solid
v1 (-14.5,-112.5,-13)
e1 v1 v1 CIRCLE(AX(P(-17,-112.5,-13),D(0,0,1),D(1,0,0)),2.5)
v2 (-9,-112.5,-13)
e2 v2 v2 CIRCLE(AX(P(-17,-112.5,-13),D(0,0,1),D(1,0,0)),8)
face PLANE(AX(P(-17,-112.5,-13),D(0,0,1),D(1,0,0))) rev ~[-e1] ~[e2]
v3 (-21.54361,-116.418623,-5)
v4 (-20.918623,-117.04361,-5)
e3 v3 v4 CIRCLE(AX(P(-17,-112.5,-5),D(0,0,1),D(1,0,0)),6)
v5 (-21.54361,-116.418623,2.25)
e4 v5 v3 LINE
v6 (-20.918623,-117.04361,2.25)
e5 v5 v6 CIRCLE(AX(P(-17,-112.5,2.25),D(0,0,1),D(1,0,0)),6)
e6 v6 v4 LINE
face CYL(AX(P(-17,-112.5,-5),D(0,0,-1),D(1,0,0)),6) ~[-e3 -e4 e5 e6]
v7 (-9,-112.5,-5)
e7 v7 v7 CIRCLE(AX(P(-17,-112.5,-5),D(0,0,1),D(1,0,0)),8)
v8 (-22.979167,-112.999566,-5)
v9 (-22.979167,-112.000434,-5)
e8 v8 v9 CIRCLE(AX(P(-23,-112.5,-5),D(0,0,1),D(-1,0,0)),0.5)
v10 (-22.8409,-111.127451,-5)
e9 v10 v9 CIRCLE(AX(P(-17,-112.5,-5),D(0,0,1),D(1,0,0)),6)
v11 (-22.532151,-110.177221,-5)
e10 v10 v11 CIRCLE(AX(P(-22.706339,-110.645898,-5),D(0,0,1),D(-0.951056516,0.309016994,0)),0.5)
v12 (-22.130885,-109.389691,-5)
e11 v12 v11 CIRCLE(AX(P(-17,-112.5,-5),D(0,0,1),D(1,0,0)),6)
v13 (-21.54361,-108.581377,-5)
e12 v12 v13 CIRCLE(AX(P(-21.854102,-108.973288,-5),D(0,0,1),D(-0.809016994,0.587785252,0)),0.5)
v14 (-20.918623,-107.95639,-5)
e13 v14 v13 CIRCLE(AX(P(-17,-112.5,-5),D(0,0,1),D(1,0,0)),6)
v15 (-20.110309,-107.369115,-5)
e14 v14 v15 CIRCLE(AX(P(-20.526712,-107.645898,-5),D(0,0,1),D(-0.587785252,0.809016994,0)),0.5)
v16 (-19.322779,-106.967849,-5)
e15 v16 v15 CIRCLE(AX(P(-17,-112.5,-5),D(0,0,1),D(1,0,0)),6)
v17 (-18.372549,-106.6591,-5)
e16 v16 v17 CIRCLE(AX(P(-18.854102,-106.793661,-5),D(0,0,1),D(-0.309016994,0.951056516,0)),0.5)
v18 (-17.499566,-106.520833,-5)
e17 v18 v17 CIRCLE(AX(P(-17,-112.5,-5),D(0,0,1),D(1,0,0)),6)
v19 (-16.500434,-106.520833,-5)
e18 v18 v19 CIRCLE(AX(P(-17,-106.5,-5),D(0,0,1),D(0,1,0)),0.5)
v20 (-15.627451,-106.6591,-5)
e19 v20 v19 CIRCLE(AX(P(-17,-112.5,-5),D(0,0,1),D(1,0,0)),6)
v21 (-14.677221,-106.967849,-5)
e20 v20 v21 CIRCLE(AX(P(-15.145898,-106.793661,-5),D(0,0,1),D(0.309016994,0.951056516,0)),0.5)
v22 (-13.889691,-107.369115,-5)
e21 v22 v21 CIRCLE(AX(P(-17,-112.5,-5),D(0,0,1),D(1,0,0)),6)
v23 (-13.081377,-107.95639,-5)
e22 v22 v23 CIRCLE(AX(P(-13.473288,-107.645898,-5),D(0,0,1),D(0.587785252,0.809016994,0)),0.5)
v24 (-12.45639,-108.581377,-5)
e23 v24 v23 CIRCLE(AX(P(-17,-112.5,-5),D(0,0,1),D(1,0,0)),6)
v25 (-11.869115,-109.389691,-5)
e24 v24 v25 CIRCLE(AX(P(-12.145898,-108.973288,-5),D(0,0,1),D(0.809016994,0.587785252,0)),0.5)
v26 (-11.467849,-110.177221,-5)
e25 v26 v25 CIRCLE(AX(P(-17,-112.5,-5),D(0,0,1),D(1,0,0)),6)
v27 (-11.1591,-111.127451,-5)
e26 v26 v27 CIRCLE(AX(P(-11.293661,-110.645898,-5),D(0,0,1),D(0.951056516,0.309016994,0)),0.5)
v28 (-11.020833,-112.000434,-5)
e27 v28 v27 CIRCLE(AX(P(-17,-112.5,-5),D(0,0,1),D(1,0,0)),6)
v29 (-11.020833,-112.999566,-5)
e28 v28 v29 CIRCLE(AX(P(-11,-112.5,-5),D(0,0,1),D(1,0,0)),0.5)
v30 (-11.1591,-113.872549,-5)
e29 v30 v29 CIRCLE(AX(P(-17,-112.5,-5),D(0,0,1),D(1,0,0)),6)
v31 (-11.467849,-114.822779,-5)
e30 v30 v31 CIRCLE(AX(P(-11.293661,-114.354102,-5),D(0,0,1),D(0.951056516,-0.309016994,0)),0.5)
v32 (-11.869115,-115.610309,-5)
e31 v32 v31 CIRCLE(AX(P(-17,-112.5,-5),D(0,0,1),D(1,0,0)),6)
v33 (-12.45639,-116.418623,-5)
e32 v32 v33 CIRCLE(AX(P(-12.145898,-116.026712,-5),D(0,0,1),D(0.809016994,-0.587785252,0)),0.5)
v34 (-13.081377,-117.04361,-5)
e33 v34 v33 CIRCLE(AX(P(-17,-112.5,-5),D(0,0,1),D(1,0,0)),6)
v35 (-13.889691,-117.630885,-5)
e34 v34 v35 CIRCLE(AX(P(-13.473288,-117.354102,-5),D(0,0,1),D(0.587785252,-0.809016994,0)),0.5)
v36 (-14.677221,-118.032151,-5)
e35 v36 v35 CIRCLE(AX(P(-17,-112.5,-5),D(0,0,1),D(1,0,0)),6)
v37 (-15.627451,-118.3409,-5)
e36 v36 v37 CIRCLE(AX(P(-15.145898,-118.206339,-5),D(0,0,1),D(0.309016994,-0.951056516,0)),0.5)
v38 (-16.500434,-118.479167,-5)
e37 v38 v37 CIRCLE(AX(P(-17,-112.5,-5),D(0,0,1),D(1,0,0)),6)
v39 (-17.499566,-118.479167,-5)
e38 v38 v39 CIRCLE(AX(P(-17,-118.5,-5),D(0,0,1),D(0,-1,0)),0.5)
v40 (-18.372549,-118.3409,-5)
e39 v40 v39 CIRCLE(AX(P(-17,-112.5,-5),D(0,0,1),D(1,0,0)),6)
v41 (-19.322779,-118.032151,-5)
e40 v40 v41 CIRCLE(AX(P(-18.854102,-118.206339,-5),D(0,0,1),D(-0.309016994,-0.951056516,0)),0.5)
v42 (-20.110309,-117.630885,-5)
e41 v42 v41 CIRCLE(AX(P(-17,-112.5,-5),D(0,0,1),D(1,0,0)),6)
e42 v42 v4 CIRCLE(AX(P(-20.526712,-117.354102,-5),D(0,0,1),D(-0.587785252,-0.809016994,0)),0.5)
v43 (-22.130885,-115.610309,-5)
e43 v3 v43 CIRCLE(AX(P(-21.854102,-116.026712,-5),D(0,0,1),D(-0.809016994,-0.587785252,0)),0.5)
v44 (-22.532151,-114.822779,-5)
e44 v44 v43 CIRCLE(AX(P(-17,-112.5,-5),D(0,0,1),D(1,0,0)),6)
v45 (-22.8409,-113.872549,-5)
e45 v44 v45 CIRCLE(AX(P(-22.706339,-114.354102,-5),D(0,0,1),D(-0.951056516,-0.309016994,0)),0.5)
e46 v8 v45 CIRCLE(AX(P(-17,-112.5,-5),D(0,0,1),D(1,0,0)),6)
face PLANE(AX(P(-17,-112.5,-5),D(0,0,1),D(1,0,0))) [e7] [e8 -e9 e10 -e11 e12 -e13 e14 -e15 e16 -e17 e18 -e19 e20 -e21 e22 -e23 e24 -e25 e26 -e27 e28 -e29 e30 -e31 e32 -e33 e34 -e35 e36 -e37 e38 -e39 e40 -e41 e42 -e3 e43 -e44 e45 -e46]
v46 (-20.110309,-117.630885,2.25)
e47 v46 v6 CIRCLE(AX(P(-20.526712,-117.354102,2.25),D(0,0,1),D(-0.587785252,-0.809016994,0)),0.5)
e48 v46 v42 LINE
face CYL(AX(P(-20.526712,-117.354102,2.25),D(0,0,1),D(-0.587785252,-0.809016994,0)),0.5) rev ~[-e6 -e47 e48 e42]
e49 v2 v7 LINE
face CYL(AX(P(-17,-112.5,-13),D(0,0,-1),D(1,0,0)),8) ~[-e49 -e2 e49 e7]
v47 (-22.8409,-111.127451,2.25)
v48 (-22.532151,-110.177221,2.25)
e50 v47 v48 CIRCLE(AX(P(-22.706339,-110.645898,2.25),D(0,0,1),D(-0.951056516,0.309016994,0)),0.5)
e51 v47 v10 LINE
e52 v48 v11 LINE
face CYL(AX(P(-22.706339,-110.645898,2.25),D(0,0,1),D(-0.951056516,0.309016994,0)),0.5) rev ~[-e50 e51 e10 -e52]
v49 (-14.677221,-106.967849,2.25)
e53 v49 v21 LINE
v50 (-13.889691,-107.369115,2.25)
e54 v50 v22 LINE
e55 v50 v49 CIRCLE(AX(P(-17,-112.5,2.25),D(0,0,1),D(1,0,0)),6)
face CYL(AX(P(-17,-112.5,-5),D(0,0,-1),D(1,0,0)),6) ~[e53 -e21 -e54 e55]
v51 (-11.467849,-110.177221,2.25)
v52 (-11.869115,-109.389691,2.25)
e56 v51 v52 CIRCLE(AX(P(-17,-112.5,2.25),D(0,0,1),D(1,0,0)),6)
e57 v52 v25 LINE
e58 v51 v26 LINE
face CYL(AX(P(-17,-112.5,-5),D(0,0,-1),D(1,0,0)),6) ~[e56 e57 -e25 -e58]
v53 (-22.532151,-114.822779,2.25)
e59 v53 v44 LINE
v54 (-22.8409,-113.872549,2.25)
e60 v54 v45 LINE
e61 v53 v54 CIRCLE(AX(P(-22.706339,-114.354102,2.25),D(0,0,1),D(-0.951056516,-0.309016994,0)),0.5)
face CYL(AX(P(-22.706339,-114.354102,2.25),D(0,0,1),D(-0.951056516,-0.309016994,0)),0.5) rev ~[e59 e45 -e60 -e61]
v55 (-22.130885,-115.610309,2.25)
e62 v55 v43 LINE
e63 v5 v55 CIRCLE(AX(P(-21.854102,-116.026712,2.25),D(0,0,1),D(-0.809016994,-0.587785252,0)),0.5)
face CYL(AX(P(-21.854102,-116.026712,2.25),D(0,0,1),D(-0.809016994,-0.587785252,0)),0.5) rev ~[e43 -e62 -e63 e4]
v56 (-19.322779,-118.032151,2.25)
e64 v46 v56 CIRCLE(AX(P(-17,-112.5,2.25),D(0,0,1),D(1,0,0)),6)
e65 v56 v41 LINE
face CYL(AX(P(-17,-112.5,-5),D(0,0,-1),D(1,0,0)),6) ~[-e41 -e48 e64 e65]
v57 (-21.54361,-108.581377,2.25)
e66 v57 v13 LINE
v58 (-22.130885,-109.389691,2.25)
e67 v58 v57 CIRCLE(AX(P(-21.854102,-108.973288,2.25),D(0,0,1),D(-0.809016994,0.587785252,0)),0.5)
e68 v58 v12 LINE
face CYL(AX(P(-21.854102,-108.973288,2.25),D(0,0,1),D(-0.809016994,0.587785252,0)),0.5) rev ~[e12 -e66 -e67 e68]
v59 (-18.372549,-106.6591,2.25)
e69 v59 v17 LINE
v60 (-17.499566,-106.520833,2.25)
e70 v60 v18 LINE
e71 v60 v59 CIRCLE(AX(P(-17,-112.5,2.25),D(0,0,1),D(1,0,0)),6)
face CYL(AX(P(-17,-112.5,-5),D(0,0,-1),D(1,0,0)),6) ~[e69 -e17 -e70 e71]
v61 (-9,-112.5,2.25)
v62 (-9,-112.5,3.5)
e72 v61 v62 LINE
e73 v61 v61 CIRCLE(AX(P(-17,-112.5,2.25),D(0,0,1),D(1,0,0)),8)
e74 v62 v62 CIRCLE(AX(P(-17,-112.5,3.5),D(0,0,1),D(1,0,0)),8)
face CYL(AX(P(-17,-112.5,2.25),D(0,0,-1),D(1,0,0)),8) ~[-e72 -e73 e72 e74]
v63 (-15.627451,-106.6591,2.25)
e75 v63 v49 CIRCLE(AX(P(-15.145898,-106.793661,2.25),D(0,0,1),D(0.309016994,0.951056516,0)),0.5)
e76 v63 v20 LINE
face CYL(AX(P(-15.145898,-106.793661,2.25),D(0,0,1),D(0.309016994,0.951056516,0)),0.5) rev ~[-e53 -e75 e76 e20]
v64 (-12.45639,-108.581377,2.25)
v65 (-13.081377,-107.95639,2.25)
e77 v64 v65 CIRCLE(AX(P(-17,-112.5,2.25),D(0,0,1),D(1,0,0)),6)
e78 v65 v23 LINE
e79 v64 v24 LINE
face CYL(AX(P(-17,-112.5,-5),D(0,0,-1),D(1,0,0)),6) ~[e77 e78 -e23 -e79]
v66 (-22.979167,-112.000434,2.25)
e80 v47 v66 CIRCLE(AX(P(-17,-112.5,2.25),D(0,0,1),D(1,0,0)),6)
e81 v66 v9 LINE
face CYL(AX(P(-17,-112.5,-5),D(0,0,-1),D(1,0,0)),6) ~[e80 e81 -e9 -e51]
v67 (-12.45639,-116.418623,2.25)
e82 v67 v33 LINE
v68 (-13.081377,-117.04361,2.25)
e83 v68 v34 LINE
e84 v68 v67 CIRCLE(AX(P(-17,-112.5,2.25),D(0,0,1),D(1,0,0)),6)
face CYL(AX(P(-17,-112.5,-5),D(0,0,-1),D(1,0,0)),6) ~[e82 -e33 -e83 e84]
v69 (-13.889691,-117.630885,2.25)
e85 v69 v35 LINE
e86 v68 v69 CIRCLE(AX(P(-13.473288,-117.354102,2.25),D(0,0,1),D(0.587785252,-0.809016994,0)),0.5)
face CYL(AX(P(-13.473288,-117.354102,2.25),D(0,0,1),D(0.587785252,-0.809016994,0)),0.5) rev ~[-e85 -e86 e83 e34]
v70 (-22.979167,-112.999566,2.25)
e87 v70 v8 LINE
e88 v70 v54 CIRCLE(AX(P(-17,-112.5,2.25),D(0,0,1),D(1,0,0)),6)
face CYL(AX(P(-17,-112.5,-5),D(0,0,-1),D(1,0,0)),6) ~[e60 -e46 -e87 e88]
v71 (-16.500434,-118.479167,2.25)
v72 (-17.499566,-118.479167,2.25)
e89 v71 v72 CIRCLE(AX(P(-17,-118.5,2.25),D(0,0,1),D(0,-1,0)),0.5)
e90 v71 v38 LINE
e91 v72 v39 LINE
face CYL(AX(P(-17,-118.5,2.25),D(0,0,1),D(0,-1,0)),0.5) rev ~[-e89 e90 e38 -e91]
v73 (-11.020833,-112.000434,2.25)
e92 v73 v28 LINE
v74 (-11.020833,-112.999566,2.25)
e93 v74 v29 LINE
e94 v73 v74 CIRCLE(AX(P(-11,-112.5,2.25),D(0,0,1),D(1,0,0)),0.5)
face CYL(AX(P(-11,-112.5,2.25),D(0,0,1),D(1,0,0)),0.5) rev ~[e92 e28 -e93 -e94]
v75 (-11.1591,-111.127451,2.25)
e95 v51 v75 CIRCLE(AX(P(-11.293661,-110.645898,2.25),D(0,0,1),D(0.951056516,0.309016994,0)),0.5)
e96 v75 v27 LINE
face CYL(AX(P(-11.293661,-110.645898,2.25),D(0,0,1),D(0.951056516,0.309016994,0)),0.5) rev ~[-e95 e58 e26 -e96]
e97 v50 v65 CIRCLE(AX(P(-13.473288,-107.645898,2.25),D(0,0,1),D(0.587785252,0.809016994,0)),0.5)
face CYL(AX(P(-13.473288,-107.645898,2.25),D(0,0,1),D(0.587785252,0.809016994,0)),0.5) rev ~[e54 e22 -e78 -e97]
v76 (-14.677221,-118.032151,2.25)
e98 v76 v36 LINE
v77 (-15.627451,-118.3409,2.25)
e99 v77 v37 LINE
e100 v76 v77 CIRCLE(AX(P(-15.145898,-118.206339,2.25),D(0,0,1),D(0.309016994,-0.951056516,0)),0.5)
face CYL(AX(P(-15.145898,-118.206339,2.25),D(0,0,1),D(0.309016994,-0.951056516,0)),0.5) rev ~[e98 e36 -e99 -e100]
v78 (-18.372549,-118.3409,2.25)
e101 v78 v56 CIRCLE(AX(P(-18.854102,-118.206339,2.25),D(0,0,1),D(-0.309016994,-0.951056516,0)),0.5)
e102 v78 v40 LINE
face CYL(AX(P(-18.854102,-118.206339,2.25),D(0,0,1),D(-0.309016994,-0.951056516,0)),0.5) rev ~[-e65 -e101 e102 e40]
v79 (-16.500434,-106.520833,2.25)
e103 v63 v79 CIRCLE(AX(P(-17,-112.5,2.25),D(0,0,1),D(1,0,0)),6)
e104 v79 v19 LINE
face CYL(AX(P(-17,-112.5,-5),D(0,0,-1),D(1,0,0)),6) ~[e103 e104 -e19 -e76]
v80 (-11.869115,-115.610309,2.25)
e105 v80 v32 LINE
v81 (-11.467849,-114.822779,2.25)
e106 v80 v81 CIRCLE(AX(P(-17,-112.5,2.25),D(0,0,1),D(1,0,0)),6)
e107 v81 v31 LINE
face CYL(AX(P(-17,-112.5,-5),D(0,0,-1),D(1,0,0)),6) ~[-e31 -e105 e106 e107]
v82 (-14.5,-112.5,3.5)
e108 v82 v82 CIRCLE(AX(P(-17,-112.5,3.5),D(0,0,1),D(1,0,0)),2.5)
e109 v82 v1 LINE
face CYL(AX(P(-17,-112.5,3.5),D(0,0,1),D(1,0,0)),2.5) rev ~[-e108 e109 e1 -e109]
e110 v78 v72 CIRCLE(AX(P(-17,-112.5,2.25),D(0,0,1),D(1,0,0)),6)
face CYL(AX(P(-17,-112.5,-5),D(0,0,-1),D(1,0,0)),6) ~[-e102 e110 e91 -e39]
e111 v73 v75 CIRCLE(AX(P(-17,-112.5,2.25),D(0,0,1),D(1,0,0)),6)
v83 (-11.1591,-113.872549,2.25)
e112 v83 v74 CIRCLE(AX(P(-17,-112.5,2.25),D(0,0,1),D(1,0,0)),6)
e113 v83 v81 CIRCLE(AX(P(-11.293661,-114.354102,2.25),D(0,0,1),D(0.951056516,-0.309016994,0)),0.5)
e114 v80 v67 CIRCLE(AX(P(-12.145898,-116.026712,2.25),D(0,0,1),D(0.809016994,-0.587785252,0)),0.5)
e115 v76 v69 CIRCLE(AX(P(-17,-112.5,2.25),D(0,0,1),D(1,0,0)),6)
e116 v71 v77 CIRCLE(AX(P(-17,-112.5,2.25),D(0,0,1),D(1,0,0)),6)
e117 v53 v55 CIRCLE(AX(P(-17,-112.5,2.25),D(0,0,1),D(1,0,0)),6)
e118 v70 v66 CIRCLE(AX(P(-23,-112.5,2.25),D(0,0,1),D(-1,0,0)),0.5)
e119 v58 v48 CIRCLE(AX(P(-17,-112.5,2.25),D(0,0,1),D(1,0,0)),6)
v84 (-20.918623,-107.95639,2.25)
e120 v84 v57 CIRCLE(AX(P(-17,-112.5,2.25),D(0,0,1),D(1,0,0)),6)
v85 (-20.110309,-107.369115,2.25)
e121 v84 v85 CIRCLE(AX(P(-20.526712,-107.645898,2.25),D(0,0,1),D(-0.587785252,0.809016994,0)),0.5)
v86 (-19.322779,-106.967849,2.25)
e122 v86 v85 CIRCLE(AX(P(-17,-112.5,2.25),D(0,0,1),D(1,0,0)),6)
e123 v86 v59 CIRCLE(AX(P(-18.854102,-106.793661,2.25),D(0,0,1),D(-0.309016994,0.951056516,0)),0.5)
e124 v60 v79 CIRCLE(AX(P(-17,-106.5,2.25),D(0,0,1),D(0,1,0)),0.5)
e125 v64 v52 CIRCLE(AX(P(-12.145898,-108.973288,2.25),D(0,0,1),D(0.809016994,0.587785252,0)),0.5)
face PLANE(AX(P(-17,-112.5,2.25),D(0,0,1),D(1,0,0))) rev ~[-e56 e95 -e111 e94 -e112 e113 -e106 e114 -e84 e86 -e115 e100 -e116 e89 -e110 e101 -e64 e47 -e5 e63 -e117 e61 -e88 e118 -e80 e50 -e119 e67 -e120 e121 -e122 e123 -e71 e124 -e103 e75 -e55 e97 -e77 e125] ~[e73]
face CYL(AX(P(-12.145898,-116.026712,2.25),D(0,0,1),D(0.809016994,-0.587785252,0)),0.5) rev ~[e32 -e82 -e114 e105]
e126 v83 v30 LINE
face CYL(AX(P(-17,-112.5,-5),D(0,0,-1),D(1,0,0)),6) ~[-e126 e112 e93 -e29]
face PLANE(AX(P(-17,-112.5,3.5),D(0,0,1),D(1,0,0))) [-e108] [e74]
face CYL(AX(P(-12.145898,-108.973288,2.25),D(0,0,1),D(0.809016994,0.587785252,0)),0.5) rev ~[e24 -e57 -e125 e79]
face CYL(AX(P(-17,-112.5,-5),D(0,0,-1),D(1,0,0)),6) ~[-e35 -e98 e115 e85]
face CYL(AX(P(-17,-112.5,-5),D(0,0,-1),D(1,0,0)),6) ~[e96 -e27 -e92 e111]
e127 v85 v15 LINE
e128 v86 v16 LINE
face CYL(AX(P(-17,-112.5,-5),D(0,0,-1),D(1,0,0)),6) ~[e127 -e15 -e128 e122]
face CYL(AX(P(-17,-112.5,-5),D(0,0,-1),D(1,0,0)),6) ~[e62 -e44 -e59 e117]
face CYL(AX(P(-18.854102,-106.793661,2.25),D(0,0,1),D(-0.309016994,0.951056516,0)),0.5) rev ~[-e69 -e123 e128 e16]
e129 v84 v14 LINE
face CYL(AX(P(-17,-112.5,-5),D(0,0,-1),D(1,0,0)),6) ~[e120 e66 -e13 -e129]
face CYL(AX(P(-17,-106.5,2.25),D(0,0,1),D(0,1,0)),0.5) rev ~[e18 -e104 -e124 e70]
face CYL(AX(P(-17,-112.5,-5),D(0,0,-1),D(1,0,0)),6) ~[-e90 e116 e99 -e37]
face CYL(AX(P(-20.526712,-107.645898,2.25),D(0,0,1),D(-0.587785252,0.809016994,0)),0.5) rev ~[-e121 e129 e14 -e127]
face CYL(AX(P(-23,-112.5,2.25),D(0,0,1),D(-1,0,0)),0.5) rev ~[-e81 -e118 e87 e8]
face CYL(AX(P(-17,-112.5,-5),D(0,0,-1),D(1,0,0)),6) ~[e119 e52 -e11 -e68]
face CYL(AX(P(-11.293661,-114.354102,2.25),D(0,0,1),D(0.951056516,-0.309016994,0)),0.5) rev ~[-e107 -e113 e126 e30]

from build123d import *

# Parameters (mm, degrees)
SKETCH025_R              = 8
PAD014_DEPTH             = 8
SKETCH026_R              = 6
PAD015_DEPTH             = 7.25
SKETCH027_R              = 0.5
POCKET008_DEPTH          = 7.25
POLARPATTERN_COUNT       = 20
SKETCH028_R              = 8
PAD016_DEPTH             = 1.25
SKETCH029_R              = 2.5
POCKET009_DEPTH          = 16.5
CLONE005_PLACEMENT_ANGLE = 180


with BuildPart() as part:
    # Sketch025 → Pad014 (new body)
    with BuildSketch(Plane(origin=(20, -80, 0), x_dir=(1, 0, 0), z_dir=(0, 0, -1))):
        Circle(SKETCH025_R)
    extrude(amount=PAD014_DEPTH)

    # Sketch026 → Pad015 (new body)
    with BuildSketch(Plane(origin=(20, -80, -8), x_dir=(1, 0, 0), z_dir=(0, 0, -1))):
        Circle(SKETCH026_R)
    extrude(amount=PAD015_DEPTH)

    # Sketch027 → Pocket008 (cut)
    with BuildSketch(Plane(origin=(20, -80, -15.25), x_dir=(1, 0, 0), z_dir=(0, 0, -1))):
        with Locations((6, 0)):
            Circle(SKETCH027_R)
    pocket008 = extrude(amount=-POCKET008_DEPTH, mode=Mode.SUBTRACT)

    # PolarPattern: Pocket008 ×20 about axis
    polarpattern_axis = Axis((20, -80, -15.25), (0, 0, -1))
    for i in range(1, POLARPATTERN_COUNT):
        add(pocket008.rotate(polarpattern_axis, i * 360 / POLARPATTERN_COUNT), mode=Mode.SUBTRACT)

    # Sketch028 → Pad016 (new body)
    with BuildSketch(Plane(origin=(20, -80, -15.25), x_dir=(1, 0, 0), z_dir=(0, 0, -1))):
        Circle(SKETCH028_R)
    extrude(amount=PAD016_DEPTH)

    # Sketch029 → Pocket009 (cut)
    with BuildSketch(Plane(origin=(20, -80, -16.5), x_dir=(1, 0, 0), z_dir=(0, 0, -1))):
        Circle(SKETCH029_R)
    extrude(amount=-POCKET009_DEPTH, mode=Mode.SUBTRACT)


with BuildPart() as part_1:
    # Clone005 placement: moved
    add(part.part.moved(Location((-6, -192, -13))).rotate(Axis((-6, -192, -13), (-1, 0, 0)), CLONE005_PLACEMENT_ANGLE))


with BuildPart() as part_2:
    # Clone006 placement: moved
    add(part_1.part.moved(Location((-31, -0.5, 0))))


solid = part_2.part
